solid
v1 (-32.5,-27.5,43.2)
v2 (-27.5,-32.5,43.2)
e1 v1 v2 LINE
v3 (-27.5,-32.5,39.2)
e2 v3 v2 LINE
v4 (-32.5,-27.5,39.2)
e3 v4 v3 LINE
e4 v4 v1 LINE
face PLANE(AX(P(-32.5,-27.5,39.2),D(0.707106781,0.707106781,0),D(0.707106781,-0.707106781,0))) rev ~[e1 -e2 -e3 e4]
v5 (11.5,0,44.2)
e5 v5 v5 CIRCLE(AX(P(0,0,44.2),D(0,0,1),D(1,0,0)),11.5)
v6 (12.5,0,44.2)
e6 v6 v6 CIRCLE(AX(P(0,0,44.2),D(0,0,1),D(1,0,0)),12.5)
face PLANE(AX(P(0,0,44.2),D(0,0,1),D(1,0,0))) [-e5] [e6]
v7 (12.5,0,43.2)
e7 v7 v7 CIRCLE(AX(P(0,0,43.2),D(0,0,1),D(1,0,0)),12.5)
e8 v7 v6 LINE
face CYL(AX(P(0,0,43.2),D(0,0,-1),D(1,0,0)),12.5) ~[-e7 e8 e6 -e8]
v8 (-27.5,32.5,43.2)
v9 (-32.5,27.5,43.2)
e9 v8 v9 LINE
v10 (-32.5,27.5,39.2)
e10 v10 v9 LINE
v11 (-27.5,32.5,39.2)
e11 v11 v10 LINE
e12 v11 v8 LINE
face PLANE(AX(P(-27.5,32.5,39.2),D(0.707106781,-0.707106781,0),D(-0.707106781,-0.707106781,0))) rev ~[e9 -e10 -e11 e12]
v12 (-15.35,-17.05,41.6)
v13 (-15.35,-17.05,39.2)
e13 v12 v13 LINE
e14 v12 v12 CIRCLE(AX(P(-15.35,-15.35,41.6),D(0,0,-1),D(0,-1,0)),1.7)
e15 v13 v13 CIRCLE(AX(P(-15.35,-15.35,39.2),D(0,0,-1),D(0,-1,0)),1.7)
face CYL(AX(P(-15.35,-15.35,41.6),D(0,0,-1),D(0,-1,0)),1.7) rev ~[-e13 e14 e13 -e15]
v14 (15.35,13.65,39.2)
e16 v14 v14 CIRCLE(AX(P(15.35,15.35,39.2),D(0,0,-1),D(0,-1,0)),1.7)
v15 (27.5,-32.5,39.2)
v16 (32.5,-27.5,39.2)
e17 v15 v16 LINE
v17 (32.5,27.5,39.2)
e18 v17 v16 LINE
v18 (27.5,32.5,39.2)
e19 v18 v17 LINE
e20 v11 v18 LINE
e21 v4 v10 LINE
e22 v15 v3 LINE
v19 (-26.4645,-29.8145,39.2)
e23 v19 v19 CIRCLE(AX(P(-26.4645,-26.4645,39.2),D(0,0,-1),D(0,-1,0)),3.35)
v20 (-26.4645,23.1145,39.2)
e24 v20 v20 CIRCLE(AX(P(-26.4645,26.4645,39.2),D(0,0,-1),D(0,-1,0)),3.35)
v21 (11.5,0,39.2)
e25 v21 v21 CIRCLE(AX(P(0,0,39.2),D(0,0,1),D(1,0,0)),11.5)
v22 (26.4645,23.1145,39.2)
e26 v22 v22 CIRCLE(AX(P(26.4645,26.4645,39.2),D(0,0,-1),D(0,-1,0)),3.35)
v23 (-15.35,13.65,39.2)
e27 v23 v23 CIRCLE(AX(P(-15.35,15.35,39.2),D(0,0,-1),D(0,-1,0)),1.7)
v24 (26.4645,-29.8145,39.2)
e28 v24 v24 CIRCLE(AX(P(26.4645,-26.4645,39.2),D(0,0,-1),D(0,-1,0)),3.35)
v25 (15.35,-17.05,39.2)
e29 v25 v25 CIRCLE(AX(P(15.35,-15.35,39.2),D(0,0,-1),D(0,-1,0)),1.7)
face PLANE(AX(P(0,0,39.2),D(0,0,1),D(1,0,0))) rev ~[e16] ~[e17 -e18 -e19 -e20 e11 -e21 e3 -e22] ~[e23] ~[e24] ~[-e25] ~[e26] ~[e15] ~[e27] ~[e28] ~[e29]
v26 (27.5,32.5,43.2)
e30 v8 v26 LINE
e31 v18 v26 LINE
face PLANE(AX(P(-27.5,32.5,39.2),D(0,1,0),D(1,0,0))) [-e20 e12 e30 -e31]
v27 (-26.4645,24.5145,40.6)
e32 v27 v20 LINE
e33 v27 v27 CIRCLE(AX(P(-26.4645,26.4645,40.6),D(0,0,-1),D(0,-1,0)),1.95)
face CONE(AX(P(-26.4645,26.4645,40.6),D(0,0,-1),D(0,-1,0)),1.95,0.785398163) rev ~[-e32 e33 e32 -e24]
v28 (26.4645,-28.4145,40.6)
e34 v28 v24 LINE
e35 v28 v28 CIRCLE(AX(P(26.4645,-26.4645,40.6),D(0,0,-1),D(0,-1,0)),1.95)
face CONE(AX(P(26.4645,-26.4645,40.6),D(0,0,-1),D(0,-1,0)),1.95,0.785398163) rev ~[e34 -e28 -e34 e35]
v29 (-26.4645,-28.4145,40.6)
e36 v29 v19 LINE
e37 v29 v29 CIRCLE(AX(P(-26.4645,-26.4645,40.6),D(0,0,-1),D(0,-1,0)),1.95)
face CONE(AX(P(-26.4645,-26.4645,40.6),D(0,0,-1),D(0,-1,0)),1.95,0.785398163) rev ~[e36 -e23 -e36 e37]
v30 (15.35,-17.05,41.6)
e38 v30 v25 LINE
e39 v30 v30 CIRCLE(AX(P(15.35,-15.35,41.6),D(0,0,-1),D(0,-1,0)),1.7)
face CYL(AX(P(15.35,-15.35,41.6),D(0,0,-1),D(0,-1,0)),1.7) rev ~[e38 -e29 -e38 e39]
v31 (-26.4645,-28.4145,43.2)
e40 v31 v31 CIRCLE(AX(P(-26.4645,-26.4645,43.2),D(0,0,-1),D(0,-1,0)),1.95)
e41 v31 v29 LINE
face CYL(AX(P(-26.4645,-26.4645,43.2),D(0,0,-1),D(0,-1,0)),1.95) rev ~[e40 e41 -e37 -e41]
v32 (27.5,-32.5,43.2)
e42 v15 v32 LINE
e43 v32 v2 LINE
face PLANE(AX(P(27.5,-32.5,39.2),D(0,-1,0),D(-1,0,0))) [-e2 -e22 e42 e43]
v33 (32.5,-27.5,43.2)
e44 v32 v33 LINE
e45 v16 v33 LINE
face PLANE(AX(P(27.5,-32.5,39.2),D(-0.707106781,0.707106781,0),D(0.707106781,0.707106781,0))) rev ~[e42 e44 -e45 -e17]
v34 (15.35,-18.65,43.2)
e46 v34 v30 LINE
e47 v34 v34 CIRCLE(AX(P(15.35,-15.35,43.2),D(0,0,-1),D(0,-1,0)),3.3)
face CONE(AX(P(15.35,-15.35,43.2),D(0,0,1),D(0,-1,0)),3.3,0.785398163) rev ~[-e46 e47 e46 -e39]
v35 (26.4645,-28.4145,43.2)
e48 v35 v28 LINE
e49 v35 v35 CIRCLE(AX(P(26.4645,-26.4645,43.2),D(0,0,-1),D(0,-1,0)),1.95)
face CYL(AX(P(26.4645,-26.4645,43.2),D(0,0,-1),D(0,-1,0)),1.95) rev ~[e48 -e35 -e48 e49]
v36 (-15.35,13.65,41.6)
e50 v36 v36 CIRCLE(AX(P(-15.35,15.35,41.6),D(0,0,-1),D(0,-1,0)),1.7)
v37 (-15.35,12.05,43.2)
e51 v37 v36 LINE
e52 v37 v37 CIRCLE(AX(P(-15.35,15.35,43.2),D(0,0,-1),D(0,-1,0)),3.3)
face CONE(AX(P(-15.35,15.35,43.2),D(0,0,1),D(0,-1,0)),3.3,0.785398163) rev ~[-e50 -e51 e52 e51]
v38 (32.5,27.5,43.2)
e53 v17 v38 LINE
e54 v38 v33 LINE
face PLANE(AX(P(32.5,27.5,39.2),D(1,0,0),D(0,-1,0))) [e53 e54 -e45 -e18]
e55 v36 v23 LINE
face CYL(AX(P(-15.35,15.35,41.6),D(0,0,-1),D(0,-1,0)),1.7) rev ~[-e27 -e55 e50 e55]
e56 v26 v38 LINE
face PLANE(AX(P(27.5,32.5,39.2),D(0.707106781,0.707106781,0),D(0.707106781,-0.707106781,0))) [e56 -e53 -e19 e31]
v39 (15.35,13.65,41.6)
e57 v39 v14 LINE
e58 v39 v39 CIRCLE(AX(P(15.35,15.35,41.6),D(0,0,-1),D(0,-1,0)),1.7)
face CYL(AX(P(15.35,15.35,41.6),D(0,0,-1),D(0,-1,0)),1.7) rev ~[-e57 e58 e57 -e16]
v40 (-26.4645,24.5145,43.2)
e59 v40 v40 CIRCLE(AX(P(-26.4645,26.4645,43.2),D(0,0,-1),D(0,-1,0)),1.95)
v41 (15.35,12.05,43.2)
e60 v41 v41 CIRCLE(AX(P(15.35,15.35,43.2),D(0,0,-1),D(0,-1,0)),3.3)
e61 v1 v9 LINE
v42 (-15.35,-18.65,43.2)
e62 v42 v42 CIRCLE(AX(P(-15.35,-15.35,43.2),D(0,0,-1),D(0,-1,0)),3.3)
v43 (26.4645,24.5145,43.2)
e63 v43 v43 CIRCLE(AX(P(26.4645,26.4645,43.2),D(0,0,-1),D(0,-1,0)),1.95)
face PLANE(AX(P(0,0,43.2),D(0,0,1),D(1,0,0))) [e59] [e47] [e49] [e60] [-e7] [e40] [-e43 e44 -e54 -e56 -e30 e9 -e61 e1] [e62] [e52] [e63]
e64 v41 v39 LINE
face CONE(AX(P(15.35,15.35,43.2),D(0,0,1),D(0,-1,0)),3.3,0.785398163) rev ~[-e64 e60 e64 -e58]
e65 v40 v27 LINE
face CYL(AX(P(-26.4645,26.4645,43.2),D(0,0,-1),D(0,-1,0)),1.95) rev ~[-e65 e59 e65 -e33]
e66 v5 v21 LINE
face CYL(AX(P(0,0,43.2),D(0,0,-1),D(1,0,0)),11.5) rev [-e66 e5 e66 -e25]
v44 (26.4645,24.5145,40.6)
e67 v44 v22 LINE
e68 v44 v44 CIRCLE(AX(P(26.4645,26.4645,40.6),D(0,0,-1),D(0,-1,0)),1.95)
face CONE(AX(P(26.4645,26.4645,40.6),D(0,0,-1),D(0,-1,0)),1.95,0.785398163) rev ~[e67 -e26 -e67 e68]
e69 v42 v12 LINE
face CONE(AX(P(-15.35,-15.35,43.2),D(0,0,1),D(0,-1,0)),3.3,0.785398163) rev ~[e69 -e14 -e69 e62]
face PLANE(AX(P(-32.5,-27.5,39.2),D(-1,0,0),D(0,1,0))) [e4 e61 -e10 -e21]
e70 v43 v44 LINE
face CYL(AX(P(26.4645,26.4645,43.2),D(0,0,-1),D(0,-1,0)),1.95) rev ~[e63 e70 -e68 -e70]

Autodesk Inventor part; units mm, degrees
ref_plane "YZ Plane" through (0, 0, 0) normal (1, 0, 0) x (0, 1, 0)
ref_plane "XZ Plane" through (0, 0, 0) normal (0, 1, 0) x (-1, 0, 0)
ref_plane "РабПлоскость1" through (0, 0, 39.2) normal (0, 0, 1) x (1, 0, 0)
sketch "Эскиз1" plane through (0, 0, 39.2) normal (0, 0, 1) x (1, 0, 0)
  line L0 (27.5, -32.5) -> (-27.5, -32.5)
  line L1 (-32.5, -27.5) -> (-32.5, 27.5)
  line L2 (-27.5, 32.5) -> (27.5, 32.5)
  line L3 (32.5, 27.5) -> (32.5, -27.5)
  line L4 (32.5, -32.5) -> (-32.5, 32.5) construction
  line L5 (-32.5, -32.5) -> (32.5, 32.5) construction
  circle A0 centre (-15.35, 15.35) radius 1.75 construction
  circle A1 centre (15.35, 15.35) radius 1.75 construction
  arc A2 (14.0855, -15.35) -> (14.4559, -14.4559) centre (15.35, -15.35) ccw construction
  arc A3 (-16.6145, -15.35) -> (-16.2441, -14.4559) centre (-15.35, -15.35) ccw construction
  line L6 (-27.5, 32.5) -> (-32.5, 27.5)
  line L7 (-32.5, -27.5) -> (-27.5, -32.5)
  line L8 (27.5, -32.5) -> (32.5, -27.5)
  line L9 (27.5, 32.5) -> (32.5, 27.5)
  circle A4 centre (0, 0) radius 10.7 construction
  circle A5 centre (0, 0) radius 8.46 construction
  circle A6 centre (0, 0) radius 11.5
  dimension "d0" = 65
  dimension "d1" = 5
  dimension "d2" = 5
  dimension "d3" = 5
  dimension "d4" = 5
  dimension "d5" = 5
  dimension "d6" = 5
  dimension "d7" = 5
  dimension "d8" = 5
  dimension "d9" = 23
extrude "Выдавливание1" add sketch "Эскиз1" along normal blind 4
sketch "Эскиз2" plane through (0, 0, 43.2) normal (0, 0, 1) x (1, 0, 0)
  line L0 (15.35, -15.35) -> (-15.35, -15.35) construction
  line L1 (-15.35, -15.35) -> (-15.35, 15.35) construction
  line L2 (-15.35, 15.35) -> (15.35, 15.35) construction
  line L3 (15.35, 15.35) -> (15.35, -15.35) construction
  line L4 (15.35, -15.35) -> (-15.35, 15.35) construction
  line L5 (-15.35, -15.35) -> (15.35, 15.35) construction
  point P0 (0, 0)
  dimension "d12" = 30.7
hole "Отверстие1" at (-15.35, 15.35, 43.2) at (15.35, 15.35, 43.2) at (15.35, -15.35, 43.2) at (-15.35, -15.35, 43.2) direction (0, 0, -1) diameter 3.4 end through all countersink diameter 6.6 countersink angle 90 clearance for "с потайной головкой ГОСТ 12876-67" size "M3" standard "ГОСТ"
sketch "Эскиз3" plane through (0, 0, 43.2) normal (0, 0, 1) x (1, 0, 0)
  line L0 (26.4645, -26.4645) -> (-26.4645, -26.4645) construction
  line L1 (-26.4645, -26.4645) -> (-26.4645, 26.4645) construction
  line L2 (-26.4645, 26.4645) -> (26.4645, 26.4645) construction
  line L3 (26.4645, 26.4645) -> (26.4645, -26.4645) construction
  line L4 (26.4645, -26.4645) -> (-26.4645, 26.4645) construction
  line L5 (-26.4645, -26.4645) -> (26.4645, 26.4645) construction
  line L6 (-27.5, 32.5) -> (-32.5, 27.5) construction
  point P0 (0, 0)
  point P1 (-30, 30)
  dimension "d31" = 5
hole "Отверстие2" at (-26.4645, 26.4645, 43.2) at (26.4645, 26.4645, 43.2) at (26.4645, -26.4645, 43.2) at (-26.4645, -26.4645, 43.2) direction (0, 0, -1) diameter 3.9 end through all
sketch "Эскиз4" plane through (0, 0, 43.2) normal (0, 0, 1) x (1, 0, 0)
  circle A0 centre (0, 0) radius 12.5
  circle A1 centre (0, 0) radius 11.5 projected
  dimension "d28" = 1
extrude "Выдавливание2" add sketch "Эскиз4" along normal blind 1
chamfer "Фаска1" distance 1.4 angle 45 4 edges at (-26.4645, -24.5145, 39.2) (26.4645, -24.5145, 39.2) (-26.4645, 28.4145, 39.2) (26.4645, 28.4145, 39.2)
equation "\"d2\" = d1"
equation "\"d3\" = d1"
equation "\"d4\" = d3"
equation "\"d5\" = d1"
equation "\"d6\" = d5"
equation "\"d7\" = d1"
equation "\"d8\" = d7"
properties part number "Основание_нижнее" material "По умолчанию1"
